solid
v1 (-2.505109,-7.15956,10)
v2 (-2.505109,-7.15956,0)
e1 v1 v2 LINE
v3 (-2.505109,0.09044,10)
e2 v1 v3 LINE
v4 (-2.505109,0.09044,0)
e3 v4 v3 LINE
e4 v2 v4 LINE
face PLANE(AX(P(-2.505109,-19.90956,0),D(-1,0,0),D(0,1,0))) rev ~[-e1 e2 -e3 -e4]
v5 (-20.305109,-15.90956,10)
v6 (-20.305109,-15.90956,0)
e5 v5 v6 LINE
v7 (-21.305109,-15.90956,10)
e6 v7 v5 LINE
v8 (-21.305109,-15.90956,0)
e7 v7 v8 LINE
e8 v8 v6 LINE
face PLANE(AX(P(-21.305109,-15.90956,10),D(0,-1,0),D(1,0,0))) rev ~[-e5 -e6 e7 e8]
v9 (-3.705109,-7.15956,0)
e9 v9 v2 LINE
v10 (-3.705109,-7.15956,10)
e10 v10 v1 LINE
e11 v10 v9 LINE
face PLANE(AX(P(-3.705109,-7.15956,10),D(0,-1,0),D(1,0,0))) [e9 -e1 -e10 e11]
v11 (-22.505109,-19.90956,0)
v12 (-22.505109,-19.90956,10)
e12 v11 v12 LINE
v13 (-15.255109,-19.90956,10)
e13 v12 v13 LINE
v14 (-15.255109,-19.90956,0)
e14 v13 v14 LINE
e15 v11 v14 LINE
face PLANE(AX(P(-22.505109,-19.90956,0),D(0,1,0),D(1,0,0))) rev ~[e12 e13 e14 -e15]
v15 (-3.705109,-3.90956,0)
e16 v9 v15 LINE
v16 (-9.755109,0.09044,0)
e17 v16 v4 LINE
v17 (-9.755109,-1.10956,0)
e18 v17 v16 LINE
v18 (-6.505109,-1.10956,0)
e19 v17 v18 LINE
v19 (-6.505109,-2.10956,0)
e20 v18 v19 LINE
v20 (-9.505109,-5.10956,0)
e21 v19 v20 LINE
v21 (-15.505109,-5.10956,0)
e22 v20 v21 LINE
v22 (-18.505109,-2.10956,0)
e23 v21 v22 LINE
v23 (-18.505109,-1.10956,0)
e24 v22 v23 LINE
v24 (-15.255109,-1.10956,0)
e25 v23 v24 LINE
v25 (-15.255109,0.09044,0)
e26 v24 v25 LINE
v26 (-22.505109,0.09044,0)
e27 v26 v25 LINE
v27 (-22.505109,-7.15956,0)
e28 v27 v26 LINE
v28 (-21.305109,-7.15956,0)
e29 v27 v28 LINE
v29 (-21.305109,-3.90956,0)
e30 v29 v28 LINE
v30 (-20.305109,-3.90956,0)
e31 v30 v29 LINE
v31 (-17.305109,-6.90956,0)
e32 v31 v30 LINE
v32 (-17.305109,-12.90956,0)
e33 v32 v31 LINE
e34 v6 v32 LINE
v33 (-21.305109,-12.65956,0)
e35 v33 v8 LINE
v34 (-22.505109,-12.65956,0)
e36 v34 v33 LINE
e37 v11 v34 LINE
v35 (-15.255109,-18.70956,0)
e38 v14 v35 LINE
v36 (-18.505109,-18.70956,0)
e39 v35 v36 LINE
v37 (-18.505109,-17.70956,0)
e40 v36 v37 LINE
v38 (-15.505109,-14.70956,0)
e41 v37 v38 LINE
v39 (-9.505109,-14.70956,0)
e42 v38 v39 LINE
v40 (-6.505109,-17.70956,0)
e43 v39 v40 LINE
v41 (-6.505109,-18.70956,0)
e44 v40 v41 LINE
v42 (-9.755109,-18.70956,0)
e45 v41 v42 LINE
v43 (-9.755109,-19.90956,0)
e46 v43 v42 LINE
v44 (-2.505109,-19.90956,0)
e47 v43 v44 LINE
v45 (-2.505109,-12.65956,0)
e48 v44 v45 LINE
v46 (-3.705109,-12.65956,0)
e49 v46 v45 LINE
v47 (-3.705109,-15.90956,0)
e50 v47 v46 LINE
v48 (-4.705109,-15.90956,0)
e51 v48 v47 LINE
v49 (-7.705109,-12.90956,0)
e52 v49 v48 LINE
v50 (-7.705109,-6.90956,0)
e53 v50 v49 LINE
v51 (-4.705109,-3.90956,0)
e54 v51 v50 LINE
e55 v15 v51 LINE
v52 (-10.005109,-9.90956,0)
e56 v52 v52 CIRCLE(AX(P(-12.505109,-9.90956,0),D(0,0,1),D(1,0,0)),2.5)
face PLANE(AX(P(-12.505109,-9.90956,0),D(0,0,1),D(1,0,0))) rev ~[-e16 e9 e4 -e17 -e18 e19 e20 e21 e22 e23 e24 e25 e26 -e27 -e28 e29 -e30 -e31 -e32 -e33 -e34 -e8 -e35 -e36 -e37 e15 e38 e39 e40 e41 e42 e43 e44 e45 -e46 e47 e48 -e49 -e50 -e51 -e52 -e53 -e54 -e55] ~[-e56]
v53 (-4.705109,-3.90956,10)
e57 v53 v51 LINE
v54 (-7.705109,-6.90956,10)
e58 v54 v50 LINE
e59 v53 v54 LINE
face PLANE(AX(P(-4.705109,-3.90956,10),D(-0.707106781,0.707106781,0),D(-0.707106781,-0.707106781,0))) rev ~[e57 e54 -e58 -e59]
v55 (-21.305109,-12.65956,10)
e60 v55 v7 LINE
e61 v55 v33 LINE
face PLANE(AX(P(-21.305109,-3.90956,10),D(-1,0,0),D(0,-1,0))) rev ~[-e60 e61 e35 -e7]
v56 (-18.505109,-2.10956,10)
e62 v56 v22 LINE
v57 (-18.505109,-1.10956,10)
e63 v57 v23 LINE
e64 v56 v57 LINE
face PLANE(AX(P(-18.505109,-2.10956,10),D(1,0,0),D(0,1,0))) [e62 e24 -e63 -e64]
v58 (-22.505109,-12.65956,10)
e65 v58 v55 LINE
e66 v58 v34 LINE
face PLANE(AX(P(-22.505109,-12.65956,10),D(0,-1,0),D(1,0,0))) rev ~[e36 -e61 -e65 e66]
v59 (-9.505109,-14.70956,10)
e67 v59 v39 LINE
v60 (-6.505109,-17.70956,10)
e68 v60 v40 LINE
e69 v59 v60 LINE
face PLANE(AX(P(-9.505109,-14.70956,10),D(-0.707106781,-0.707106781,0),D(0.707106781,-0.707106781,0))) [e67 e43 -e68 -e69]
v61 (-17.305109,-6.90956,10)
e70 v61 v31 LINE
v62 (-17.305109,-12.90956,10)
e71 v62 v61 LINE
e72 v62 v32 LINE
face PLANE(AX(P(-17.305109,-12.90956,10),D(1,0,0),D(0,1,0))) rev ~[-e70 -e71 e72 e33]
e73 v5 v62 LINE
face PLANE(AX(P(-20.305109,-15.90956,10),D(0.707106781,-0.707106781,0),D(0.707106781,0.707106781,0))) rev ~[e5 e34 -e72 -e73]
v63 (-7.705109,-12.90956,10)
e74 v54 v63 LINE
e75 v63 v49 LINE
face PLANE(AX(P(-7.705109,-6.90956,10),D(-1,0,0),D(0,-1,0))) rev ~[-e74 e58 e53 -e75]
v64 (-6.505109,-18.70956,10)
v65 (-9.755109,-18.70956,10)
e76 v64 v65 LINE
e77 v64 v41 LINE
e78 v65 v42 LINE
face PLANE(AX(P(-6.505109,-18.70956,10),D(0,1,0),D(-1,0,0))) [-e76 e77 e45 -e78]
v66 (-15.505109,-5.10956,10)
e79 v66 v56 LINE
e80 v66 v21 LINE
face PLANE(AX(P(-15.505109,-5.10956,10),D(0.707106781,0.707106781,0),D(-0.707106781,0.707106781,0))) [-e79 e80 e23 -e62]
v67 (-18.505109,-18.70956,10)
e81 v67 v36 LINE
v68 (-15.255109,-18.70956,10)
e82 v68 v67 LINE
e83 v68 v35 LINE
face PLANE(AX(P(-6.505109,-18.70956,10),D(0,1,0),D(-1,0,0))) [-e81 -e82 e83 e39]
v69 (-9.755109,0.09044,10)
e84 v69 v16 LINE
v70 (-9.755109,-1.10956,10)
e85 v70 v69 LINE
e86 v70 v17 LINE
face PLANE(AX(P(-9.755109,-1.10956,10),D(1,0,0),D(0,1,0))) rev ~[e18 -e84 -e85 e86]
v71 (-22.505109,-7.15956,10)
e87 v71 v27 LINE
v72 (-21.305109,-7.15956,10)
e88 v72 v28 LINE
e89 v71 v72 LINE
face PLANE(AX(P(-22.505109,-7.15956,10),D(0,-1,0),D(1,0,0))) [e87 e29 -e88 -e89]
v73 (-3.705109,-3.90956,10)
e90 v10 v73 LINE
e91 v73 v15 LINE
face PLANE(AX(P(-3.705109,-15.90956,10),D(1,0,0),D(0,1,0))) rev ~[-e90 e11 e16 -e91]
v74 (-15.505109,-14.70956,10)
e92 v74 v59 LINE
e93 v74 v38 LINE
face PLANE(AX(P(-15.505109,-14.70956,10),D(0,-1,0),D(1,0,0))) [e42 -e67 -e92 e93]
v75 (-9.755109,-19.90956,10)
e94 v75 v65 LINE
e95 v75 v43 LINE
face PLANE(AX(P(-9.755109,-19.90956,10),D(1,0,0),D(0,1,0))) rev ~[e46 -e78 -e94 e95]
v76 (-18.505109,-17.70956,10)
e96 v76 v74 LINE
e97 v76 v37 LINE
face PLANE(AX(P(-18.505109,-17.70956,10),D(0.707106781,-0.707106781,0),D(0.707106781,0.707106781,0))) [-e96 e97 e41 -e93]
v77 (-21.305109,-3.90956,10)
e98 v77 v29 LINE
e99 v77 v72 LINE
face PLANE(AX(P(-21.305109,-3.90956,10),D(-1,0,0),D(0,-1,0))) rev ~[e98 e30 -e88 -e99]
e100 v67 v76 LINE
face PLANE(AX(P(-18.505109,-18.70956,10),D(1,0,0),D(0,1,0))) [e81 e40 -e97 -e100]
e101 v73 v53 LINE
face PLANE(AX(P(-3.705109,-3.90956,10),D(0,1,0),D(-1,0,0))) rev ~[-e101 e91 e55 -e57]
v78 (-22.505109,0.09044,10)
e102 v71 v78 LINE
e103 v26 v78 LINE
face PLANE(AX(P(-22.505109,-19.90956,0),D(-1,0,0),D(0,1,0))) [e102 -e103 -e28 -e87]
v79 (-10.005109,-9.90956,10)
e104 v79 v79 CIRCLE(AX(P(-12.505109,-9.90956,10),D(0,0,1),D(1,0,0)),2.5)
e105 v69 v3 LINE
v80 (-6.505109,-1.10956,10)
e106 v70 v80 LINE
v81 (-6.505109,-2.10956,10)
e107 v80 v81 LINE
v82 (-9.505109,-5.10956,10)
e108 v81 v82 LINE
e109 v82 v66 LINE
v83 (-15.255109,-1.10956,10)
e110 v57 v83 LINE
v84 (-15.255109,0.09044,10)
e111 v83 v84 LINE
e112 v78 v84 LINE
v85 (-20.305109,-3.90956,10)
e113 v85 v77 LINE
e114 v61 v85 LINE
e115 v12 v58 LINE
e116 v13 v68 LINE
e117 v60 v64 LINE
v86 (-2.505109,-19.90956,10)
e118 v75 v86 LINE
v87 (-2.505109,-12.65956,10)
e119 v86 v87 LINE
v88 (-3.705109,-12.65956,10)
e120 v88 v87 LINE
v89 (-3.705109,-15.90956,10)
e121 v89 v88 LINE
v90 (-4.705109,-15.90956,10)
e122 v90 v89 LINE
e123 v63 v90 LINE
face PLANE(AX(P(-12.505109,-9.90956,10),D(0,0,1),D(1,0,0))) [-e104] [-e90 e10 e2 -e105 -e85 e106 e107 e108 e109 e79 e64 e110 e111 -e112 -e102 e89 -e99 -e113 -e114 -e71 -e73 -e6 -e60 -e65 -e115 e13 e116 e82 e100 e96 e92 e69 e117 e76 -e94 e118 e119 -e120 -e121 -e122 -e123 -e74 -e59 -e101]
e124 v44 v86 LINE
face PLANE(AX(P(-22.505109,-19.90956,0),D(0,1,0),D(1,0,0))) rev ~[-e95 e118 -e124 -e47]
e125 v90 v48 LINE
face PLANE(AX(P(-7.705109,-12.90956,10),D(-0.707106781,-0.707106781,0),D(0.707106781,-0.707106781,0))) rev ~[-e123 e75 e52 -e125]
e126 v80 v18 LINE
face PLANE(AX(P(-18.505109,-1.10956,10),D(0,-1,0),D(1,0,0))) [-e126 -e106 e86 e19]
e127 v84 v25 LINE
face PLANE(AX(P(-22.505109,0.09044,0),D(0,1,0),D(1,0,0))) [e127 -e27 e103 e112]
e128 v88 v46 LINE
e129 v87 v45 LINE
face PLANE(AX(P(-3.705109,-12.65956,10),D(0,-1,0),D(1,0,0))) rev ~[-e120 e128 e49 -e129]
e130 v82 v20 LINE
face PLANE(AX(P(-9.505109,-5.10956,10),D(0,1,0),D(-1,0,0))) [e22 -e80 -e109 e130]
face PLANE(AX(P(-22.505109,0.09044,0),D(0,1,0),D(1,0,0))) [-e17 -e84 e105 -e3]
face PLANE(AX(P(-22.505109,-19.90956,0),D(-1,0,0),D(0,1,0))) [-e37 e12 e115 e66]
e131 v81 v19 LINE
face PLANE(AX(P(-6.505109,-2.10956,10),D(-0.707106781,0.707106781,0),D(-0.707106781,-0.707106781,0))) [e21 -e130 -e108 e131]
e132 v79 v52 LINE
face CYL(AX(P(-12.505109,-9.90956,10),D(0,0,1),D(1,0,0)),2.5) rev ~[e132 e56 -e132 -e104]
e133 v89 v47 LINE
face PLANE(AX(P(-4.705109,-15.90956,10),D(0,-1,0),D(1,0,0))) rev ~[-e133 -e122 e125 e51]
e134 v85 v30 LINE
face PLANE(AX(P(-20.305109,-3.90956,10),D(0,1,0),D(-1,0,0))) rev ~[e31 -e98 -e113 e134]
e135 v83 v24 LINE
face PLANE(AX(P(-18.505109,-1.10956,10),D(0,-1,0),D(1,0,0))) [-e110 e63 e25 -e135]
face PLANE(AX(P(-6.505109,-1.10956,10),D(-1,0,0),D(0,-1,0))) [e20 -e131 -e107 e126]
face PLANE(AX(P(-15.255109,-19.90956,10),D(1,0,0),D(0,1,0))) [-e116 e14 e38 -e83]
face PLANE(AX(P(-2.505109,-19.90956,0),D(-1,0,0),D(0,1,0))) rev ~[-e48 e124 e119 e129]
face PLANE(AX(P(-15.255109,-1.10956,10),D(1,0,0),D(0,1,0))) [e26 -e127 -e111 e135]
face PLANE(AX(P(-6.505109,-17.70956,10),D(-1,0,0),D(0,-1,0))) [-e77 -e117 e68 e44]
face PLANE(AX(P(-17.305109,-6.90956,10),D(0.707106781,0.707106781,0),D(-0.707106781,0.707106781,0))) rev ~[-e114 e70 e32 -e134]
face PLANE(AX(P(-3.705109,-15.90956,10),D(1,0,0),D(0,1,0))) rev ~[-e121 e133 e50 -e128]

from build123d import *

# Parameters (mm, degrees)
ESQUISSE1_W             = 20
ESQUISSE1_H             = 20
BOSS_EXTRU_1_DEPTH      = 10
ESQUISSE2_W             = 1.2
ESQUISSE2_H             = 5.5
ESQUISSE2_W_2           = 5.5
ESQUISSE2_H_2           = 1.2
ENL_V_MAT_EXTRU_1_DEPTH = 11
ENL_V_MAT_EXTRU_2_DEPTH = 11
ESQUISSE4_R             = 2.5
ENL_V_MAT_EXTRU_3_DEPTH = 11


with BuildPart() as part:
    # Esquisse1 → Boss.-Extru.1 (new body)
    with BuildSketch(Plane.XY):
        with Locations((-12.505109137, -9.909560068)):
            Rectangle(ESQUISSE1_W, ESQUISSE1_H)
    extrude(amount=BOSS_EXTRU_1_DEPTH)

    # Esquisse2 → Enlèv. mat.-Extru.1 (cut, through all)
    with BuildSketch(Plane.XY.offset(10)):
        with Locations((-21.905109137, -9.909560068)):
            Rectangle(ESQUISSE2_W, ESQUISSE2_H)
        with Locations((-12.505109137, -0.509560068)):
            Rectangle(ESQUISSE2_W_2, ESQUISSE2_H_2)
        with Locations((-3.105109137, -9.909560068)):
            Rectangle(ESQUISSE2_W, ESQUISSE2_H)
        with Locations((-12.505109137, -19.309560068)):
            Rectangle(ESQUISSE2_W_2, ESQUISSE2_H_2)
    extrude(amount=-ENL_V_MAT_EXTRU_1_DEPTH, mode=Mode.SUBTRACT)

    # Esquisse3 → Enlèv. mat.-Extru.2 (cut, through all)
    with BuildSketch(Plane.XY.offset(10)):
        Polygon((-21.305109137, -15.909560068), (-20.305109137, -15.909560068), (-17.305109137, -12.909560068), (-17.305109137, -6.909560068), (-20.305109137, -3.909560068), (-21.305109137, -3.909560068), align=None)
        Polygon((-18.505109137, -1.109560068), (-6.505109137, -1.109560068), (-6.505109137, -2.109560068), (-9.505109137, -5.109560068), (-15.505109137, -5.109560068), (-18.505109137, -2.109560068), align=None)
        Polygon((-3.705109137, -3.909560068), (-4.705109137, -3.909560068), (-7.705109137, -6.909560068), (-7.705109137, -12.909560068), (-4.705109137, -15.909560068), (-3.705109137, -15.909560068), align=None)
        Polygon((-6.505109137, -18.709560068), (-18.505109137, -18.709560068), (-18.505109137, -17.709560068), (-15.505109137, -14.709560068), (-9.505109137, -14.709560068), (-6.505109137, -17.709560068), align=None)
    extrude(amount=-ENL_V_MAT_EXTRU_2_DEPTH, mode=Mode.SUBTRACT)

    # Esquisse4 → Enlèv. mat.-Extru.3 (cut, through all)
    with BuildSketch(Plane.XY.offset(10)):
        with Locations((-12.505109137, -9.909560068)):
            Circle(ESQUISSE4_R)
    extrude(amount=-ENL_V_MAT_EXTRU_3_DEPTH, mode=Mode.SUBTRACT)


solid = part.part
